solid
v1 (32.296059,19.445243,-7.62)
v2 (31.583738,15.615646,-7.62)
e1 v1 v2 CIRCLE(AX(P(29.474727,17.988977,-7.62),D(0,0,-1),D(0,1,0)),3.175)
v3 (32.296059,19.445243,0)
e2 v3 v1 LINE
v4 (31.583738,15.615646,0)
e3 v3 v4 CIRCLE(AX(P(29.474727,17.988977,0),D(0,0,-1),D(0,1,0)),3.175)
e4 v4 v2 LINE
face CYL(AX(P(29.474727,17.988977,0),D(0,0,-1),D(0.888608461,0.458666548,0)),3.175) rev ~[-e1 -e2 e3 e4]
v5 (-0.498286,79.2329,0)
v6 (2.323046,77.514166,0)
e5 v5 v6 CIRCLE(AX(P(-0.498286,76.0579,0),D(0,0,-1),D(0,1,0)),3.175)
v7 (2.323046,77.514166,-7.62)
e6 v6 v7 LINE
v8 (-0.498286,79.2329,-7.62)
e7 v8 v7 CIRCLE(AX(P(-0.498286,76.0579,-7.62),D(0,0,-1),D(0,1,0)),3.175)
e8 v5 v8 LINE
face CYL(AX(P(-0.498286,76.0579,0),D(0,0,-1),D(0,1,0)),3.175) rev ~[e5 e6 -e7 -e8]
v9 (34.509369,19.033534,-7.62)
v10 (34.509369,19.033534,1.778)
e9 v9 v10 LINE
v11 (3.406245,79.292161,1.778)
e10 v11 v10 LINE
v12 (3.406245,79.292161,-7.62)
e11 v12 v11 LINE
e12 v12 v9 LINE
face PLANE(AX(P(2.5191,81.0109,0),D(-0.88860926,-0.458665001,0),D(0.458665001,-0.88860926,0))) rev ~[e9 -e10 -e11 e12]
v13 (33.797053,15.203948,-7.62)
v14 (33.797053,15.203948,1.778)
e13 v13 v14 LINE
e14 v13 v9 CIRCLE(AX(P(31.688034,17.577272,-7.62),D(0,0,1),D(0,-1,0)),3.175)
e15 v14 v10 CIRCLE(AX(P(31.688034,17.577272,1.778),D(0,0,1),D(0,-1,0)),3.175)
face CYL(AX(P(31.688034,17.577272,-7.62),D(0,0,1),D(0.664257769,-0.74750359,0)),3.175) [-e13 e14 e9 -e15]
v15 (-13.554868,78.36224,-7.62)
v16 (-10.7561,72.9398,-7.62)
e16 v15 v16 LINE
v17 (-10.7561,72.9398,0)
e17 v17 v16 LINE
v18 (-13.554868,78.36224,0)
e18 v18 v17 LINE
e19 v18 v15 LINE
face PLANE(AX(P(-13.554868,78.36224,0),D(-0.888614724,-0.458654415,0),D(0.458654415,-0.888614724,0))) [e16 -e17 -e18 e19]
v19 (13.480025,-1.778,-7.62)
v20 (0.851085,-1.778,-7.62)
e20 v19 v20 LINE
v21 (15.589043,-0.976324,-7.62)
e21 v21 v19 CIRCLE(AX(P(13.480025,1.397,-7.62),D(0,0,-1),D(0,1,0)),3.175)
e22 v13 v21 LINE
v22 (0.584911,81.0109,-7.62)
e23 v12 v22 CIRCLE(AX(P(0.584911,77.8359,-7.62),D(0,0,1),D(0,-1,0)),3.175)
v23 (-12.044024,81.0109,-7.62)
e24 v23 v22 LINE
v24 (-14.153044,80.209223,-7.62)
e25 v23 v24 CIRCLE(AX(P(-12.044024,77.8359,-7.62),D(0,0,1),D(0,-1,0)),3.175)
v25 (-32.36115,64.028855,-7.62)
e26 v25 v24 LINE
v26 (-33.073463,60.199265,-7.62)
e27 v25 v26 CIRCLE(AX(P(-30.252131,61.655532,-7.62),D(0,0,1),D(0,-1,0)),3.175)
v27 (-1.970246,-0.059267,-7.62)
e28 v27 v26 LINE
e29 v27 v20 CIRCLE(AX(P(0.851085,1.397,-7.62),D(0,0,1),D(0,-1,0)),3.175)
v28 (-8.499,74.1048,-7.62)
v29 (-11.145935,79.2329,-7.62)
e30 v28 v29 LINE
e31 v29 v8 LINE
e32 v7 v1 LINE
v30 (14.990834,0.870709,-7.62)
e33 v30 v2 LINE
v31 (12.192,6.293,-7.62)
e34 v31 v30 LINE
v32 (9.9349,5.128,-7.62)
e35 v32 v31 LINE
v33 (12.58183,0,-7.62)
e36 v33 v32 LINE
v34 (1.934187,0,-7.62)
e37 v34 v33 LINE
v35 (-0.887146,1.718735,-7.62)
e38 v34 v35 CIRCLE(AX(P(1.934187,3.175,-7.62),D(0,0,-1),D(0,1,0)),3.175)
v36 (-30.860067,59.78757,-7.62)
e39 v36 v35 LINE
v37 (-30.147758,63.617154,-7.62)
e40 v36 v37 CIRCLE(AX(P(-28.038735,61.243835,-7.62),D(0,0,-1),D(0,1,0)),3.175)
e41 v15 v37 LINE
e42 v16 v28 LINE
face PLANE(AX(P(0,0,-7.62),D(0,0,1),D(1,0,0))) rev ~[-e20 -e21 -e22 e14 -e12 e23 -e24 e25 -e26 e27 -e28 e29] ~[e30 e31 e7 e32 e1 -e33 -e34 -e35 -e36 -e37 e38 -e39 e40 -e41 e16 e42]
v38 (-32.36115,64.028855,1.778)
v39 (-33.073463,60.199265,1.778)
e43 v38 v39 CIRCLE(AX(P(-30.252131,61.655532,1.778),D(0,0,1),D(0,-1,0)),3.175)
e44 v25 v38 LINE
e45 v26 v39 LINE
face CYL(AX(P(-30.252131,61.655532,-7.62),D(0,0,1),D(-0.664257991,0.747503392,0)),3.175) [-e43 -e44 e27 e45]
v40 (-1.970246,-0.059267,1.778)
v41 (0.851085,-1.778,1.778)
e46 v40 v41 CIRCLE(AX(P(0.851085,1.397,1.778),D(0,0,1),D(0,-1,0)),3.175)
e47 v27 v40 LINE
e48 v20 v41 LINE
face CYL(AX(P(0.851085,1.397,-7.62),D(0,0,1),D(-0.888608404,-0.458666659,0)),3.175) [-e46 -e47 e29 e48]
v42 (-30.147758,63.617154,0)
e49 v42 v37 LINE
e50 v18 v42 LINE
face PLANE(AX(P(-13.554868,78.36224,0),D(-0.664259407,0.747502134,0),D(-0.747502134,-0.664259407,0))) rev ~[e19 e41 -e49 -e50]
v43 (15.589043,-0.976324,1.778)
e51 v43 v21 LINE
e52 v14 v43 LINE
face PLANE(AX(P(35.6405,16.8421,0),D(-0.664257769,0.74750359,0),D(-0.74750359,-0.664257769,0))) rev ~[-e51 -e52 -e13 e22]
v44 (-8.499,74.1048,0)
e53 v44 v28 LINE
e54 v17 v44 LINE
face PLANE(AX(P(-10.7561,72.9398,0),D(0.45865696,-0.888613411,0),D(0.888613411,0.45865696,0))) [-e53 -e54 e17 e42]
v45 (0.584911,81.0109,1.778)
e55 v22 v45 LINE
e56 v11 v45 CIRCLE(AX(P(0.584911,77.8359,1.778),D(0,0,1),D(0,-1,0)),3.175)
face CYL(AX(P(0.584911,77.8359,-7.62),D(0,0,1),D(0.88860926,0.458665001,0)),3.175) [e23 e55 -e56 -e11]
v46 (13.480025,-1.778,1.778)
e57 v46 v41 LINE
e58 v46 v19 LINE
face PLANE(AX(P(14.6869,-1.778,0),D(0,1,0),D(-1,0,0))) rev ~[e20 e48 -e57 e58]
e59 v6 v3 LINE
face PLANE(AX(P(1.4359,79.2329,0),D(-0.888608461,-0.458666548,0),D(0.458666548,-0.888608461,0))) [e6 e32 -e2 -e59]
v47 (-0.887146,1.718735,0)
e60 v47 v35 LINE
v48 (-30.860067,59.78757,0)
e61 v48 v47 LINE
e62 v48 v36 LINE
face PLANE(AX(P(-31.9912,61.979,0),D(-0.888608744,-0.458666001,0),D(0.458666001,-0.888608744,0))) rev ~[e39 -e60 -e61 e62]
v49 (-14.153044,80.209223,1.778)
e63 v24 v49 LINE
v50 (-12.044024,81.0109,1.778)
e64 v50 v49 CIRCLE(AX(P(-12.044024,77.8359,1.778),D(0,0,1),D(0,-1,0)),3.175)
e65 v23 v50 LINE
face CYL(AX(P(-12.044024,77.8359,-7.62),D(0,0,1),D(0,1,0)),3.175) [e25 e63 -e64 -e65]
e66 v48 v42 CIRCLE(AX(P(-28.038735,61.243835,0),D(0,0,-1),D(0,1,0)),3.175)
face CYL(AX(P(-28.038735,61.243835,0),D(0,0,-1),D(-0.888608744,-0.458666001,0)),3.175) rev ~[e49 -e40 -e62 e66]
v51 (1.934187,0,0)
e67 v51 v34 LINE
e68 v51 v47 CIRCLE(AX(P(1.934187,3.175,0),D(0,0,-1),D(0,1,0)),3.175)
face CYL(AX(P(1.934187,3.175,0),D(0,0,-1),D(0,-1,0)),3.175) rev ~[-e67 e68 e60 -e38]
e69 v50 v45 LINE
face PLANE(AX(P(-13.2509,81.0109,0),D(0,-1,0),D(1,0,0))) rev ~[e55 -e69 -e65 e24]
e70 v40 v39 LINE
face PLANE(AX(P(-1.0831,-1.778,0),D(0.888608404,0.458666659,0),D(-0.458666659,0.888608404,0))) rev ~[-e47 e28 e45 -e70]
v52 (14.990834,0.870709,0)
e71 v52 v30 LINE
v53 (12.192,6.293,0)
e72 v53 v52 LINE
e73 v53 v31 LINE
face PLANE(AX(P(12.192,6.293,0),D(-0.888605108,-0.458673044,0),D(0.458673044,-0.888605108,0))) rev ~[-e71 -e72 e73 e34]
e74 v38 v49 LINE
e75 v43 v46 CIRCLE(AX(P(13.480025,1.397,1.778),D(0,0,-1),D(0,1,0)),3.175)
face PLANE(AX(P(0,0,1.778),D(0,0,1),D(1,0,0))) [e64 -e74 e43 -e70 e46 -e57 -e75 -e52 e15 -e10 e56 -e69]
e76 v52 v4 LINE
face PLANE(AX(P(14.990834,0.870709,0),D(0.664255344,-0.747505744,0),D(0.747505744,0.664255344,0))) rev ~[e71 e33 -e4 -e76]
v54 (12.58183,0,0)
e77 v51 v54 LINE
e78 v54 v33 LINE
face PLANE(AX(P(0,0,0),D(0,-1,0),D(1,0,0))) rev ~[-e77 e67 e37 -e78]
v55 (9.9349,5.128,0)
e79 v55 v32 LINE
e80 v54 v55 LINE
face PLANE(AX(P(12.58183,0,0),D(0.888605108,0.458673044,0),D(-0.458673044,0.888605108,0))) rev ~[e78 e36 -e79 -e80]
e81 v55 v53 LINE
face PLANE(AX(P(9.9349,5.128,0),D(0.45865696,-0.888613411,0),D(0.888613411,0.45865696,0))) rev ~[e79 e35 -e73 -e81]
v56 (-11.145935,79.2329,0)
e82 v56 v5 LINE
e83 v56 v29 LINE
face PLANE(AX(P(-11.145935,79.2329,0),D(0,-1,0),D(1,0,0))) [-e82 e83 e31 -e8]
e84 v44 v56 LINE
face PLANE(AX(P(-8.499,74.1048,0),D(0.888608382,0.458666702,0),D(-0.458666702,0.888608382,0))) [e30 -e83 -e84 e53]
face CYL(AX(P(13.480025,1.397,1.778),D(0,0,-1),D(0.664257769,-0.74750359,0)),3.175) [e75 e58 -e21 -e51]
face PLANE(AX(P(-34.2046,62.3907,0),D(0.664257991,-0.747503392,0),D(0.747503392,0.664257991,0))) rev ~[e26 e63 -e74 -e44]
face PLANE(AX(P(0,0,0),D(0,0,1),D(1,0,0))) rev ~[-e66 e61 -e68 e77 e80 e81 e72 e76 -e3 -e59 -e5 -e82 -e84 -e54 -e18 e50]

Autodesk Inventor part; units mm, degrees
ref_plane "YZ Plane" through (0, 0, 0) normal (1, 0, 0) x (0, 1, 0)
ref_plane "XZ Plane" through (0, 0, 0) normal (0, 1, 0) x (-1, 0, 0)
ref_plane "XY Plane" through (0, 0, 0) normal (0, 0, 1) x (1, 0, 0)
sketch "TopProfile" plane through (0, 0, 0) normal (0, 0, 1) x (1, 0, 0)
  line L0 (-12.5751, 79.2329) -> (-31.9912, 61.979)
  line L1 (1.4359, 79.2329) -> (-31.9912, 61.979) construction
  line L2 (-12.5751, 79.2329) -> (1.4359, 79.2329)
  line L3 (-31.9912, 61.979) -> (0, 0)
  line L4 (1.4359, 79.2329) -> (33.4272, 17.2538)
  line L5 (0, 0) -> (33.4272, 17.2538) construction
  line L6 (14.011, 0) -> (33.4272, 17.2538)
  line L7 (0, 0) -> (14.011, 0)
  line L8 (-48.1736, 0) -> (49.6096, 0) construction
  line L9 (-10.7561, 72.9398) -> (-8.499, 74.1048)
  line L10 (-8.499, 74.1048) -> (-11.4466, 79.8154)
  line L11 (-11.4466, 79.8154) -> (-13.7036, 78.6504)
  line L12 (-13.7036, 78.6504) -> (-10.7561, 72.9398)
  line L13 (9.9349, 5.128) -> (12.192, 6.293)
  line L14 (12.192, 6.293) -> (15.1396, 0.5825)
  line L15 (15.1396, 0.5825) -> (12.8825, -0.5825)
  line L16 (12.8825, -0.5825) -> (9.9349, 5.128)
  line L17 (35.6405, 16.8421) -> (14.6869, -1.778)
  line L18 (14.6869, -1.778) -> (-1.0831, -1.778)
  line L19 (-1.0831, -1.778) -> (-34.2046, 62.3907)
  line L20 (-34.2046, 62.3907) -> (-13.2509, 81.0109)
  line L21 (-13.2509, 81.0109) -> (2.5191, 81.0109)
  line L22 (2.5191, 81.0109) -> (35.6405, 16.8421)
  point P0 (-11.1459, 79.2329)
  point P1 (-13.5549, 78.3622)
  point P2 (14.9908, 0.8707)
  point P3 (12.5818, 0)
  dimension "d0" = 37.6174
  dimension "d1" = 165.676
  dimension "d2" = 19.4161
  dimension "d3" = 69.7484
  dimension "d4" = 62.699
  dimension "d5" = 37.6174
  dimension "d6" = 165.676
  dimension "d15" = 2.54
  dimension "d16" = 1.778
extrude "CapFeature" add sketch "TopProfile" along normal blind 1.778 contours L2 L10 L9 L12 L0 | L11 L10 L2 | L0 L12 L11 | L12 L9 L10 L2 L4 L6 L14 L13 L16 L7 L3 L0 | L16 L13 L14 L6 L7 | L7 L15 L16 | L14 L15 L6 | L17 L18 L19 L20 L21 L22
extrude "WallsFeature" add sketch "TopProfile" against normal blind 7.62 contours L2 L10 L9 L12 L0 | L11 L10 L2 | L0 L12 L11 | L16 L13 L14 L6 L7 | L7 L15 L16 | L14 L15 L6 | L17 L18 L19 L20 L21 L22
fillet "SideFilletsFeature" radius 3.175 10 edges at (-31.9912, 61.979, -3.81) (0, 0, -3.81) (33.4272, 17.2538, -3.81) (1.4359, 79.2329, -3.81) (2.5191, 81.0109, -2.921) (-13.2509, 81.0109, -2.921) (-34.2046, 62.3907, -2.921) (35.6405, 16.8421, -2.921) (14.6869, -1.778, -2.921) (-1.0831, -1.778, -2.921)
properties part number "switchback-pickup-cover-6"
